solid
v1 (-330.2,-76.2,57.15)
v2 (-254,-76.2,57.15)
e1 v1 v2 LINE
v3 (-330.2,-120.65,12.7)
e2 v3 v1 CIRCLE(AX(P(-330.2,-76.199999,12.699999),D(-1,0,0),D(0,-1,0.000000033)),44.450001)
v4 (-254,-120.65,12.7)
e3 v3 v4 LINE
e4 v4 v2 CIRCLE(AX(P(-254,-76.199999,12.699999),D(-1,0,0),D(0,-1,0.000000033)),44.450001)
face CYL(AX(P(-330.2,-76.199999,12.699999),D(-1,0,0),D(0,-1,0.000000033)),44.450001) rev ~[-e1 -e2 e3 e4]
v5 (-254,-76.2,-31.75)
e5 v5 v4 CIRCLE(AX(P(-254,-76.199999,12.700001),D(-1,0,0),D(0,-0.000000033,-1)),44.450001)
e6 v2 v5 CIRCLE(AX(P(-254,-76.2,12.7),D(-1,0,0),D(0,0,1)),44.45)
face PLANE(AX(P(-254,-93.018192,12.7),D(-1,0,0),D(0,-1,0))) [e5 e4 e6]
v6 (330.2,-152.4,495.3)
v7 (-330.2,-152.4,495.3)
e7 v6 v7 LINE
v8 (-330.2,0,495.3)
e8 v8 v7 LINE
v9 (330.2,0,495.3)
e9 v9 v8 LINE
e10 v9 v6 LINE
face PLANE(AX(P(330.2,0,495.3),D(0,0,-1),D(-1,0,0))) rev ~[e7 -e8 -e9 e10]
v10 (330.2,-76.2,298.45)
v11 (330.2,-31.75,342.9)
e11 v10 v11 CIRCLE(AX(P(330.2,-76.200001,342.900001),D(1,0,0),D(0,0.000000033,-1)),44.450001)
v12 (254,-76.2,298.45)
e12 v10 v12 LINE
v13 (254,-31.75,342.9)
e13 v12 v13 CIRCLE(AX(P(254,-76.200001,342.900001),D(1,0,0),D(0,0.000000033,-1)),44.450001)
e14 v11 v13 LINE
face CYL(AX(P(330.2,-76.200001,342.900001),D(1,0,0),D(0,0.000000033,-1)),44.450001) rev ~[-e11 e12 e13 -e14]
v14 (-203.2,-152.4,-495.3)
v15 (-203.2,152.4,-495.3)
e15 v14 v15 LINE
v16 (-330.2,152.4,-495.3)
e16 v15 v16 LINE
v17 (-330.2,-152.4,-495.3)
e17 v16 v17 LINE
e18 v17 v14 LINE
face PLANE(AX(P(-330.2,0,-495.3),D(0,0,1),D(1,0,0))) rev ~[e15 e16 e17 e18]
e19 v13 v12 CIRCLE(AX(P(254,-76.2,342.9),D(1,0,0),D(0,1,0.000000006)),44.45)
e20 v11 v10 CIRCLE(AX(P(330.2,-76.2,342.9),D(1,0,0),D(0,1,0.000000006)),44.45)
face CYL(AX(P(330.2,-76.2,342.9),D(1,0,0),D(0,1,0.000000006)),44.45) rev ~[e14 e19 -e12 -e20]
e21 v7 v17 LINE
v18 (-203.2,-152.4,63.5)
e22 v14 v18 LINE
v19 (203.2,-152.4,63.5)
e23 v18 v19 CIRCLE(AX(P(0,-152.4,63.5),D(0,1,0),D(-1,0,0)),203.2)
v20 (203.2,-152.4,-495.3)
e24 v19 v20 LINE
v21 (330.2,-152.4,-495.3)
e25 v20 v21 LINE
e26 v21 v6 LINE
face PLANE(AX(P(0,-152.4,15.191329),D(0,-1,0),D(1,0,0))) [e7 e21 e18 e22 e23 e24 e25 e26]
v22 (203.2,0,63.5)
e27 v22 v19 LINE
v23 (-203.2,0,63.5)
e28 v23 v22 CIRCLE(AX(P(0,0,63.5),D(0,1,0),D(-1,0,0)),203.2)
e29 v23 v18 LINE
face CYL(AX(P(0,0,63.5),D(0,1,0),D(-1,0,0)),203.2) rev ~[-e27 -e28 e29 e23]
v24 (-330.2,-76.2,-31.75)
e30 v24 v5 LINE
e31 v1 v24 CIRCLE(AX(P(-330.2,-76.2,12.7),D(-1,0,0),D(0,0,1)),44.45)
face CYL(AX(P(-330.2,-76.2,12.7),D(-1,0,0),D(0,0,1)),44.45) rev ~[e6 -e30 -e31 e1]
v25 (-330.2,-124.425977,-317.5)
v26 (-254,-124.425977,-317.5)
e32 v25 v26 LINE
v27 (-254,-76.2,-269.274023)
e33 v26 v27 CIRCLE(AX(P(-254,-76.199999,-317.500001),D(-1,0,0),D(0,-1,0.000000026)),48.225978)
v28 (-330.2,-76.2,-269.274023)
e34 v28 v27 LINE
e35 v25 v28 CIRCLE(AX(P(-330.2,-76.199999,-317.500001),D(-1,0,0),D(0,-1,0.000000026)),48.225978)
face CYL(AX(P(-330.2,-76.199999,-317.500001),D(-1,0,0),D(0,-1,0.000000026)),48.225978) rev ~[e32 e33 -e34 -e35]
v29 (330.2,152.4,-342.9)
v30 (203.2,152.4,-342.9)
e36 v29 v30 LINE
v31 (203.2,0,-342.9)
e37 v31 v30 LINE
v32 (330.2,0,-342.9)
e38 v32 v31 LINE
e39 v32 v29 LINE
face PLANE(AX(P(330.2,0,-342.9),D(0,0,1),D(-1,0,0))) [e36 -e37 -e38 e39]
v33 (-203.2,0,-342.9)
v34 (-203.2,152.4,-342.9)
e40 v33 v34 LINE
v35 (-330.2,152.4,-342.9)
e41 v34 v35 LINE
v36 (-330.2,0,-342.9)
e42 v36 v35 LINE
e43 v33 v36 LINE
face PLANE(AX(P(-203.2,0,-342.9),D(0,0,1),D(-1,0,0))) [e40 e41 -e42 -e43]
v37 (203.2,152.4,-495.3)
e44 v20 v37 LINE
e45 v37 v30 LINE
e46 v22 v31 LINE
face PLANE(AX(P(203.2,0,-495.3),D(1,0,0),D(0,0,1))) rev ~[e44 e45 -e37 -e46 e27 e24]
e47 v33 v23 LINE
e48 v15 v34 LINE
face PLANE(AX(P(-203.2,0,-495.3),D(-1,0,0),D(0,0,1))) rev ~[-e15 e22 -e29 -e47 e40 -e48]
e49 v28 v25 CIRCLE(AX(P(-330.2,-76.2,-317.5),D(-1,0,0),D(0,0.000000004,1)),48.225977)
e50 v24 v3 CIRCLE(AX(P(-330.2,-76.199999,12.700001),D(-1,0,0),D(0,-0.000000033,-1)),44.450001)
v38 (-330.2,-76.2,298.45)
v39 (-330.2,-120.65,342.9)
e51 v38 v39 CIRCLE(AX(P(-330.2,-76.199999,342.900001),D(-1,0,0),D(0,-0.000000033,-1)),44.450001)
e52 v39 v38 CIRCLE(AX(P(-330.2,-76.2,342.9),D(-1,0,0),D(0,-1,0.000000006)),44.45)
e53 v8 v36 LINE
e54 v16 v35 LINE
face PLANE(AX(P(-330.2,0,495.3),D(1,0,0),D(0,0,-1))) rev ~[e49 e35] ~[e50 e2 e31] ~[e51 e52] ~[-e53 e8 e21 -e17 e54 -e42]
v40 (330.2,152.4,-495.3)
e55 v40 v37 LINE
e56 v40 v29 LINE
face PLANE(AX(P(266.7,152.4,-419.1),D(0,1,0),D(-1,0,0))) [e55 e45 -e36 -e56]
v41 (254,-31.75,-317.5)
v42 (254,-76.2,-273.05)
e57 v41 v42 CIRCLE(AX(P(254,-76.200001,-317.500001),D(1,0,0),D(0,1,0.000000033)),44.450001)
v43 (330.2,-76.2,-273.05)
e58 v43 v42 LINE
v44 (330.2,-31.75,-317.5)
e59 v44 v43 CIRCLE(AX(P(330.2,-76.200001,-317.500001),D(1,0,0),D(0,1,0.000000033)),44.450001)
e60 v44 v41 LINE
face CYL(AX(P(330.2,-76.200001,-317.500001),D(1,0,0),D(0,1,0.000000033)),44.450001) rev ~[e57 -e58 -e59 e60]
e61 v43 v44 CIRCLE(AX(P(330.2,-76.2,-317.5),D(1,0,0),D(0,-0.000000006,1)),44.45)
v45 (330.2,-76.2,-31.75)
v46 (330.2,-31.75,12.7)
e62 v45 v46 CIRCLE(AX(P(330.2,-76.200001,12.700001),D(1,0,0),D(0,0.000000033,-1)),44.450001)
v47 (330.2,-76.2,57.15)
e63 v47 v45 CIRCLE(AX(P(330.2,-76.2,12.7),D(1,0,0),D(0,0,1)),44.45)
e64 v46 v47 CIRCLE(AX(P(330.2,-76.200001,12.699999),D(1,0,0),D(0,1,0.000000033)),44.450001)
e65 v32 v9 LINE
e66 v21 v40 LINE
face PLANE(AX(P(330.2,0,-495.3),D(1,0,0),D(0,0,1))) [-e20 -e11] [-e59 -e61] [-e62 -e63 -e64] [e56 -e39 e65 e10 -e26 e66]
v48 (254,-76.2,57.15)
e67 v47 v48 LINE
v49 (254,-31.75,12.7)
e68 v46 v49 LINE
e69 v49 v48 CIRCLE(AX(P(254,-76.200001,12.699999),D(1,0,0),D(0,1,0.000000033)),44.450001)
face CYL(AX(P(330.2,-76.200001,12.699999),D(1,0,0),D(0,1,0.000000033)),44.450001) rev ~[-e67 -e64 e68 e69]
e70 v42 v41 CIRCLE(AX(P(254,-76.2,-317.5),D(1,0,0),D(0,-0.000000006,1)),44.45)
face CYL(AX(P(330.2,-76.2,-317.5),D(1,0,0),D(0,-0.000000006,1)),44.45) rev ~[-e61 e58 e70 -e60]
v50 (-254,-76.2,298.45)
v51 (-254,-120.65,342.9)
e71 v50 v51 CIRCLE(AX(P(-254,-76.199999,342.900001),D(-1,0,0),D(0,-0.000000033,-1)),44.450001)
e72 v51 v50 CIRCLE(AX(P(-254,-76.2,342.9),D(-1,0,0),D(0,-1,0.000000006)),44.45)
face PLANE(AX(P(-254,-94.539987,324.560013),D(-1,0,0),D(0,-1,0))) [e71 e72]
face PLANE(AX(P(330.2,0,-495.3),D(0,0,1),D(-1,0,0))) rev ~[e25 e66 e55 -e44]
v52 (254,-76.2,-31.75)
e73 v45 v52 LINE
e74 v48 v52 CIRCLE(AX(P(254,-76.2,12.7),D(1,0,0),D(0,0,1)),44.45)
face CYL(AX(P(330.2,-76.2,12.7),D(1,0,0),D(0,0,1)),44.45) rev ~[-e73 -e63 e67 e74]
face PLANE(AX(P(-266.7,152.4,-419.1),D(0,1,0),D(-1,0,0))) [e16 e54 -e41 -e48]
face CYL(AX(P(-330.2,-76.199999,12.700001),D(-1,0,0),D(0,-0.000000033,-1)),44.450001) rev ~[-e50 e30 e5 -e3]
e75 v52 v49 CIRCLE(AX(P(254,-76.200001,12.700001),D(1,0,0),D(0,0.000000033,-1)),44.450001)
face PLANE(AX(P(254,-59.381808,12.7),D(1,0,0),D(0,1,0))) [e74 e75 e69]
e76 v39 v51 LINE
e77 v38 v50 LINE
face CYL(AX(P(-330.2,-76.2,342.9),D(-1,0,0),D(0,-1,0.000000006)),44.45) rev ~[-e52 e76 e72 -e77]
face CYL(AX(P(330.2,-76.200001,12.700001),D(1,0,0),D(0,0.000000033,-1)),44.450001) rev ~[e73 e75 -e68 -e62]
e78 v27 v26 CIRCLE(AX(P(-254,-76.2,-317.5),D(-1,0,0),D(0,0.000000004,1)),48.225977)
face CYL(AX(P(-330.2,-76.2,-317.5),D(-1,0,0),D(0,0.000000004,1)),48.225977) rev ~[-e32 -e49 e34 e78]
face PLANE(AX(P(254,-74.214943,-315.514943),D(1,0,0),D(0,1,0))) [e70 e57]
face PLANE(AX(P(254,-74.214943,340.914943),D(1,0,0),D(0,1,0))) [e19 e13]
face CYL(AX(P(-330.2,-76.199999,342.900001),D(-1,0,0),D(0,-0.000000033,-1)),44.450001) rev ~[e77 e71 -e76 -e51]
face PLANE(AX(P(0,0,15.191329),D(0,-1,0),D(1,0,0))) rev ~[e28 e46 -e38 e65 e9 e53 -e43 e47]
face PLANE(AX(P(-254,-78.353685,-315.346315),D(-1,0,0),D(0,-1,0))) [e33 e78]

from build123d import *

# Parameters (mm, degrees)
F1_DEPTH = 152.4
F2_W     = 127
F2_H     = 152.4
F3_DEPTH = 152.4
F5_DEPTH = 76.2
F7_DEPTH = 76.2


with BuildPart() as f1:
    # F0 (on Front) → F1 (new body)
    with BuildSketch(Plane.XZ):
        with BuildLine():
            Line((-330.2, 495.3), (-330.2, -495.3))
            Line((-330.2, -495.3), (-203.2, -495.3))
            Line((-203.2, -495.3), (-203.2, 63.5))
            ThreePointArc((-203.2, 63.5), (0, 266.7), (203.2, 63.5))
            Line((203.2, 63.5), (203.2, -495.3))
            Line((203.2, -495.3), (330.2, -495.3))
            Line((330.2, -495.3), (330.2, 495.3))
            Line((330.2, 495.3), (-330.2, 495.3))
        make_face()
    extrude(amount=F1_DEPTH)

    # F2 (on face) → F3 (join)
    with BuildSketch(Plane(origin=(0, 0, 0), x_dir=(-1, 0, 0), z_dir=(0, 1, 0))):
        with Locations((-266.7, -419.1)):
            Rectangle(F2_W, F2_H)
        with Locations((266.7, -419.1)):
            Rectangle(F2_W, F2_H)
    extrude(amount=F3_DEPTH)

    # F4 (on face) → F5 (cut)
    with BuildSketch(Plane(origin=(-330.2, 0, 0), x_dir=(0, -1, 0), z_dir=(-1, 0, 0))):
        with BuildLine():
            ThreePointArc((76.2, 298.45), (107.630896, 311.469104), (120.65, 342.9))
            Line((120.65, 342.9), (76.2, 342.9))
            Line((76.2, 342.9), (76.2, 298.45))
        make_face()
        with BuildLine():
            Line((76.2, 342.9), (120.65, 342.9))
            ThreePointArc((120.65, 342.9), (44.769104, 374.330896), (76.2, 298.45))
            Line((76.2, 298.45), (76.2, 342.9))
        make_face()
        with BuildLine():
            ThreePointArc((124.425977, -317.5), (110.300915, -283.399085), (76.2, -269.274023))
            ThreePointArc((76.2, -269.274023), (42.099085, -351.600915), (124.425977, -317.5))
        make_face()
        with BuildLine():
            ThreePointArc((120.65, 12.7), (107.630896, 44.130896), (76.2, 57.15))
            Line((76.2, 57.15), (76.2, 12.7))
            Line((76.2, 12.7), (76.2, -31.75))
            ThreePointArc((76.2, -31.75), (107.630896, -18.730896), (120.65, 12.7))
        make_face()
        with BuildLine():
            Line((76.2, 12.7), (76.2, 57.15))
            ThreePointArc((76.2, 57.15), (31.75, 12.7), (76.2, -31.75))
            Line((76.2, -31.75), (76.2, 12.7))
        make_face()
    extrude(amount=-F5_DEPTH, mode=Mode.SUBTRACT)

    # F6 (on face) → F7 (cut)
    with BuildSketch(Plane.YZ.offset(330.2)):
        with BuildLine():
            ThreePointArc((-76.2, 298.45), (-44.769104, 311.469104), (-31.75, 342.9))
            ThreePointArc((-31.75, 342.9), (-107.630896, 374.330896), (-76.2, 298.45))
        make_face()
        with BuildLine():
            ThreePointArc((-31.75, -317.5), (-44.769104, -286.069104), (-76.2, -273.05))
            ThreePointArc((-76.2, -273.05), (-107.630896, -348.930896), (-31.75, -317.5))
        make_face()
        with BuildLine():
            ThreePointArc((-31.75, 12.7), (-44.769104, 44.130896), (-76.2, 57.15))
            Line((-76.2, 57.15), (-76.2, 12.7))
            Line((-76.2, 12.7), (-76.2, -31.75))
            ThreePointArc((-76.2, -31.75), (-44.769104, -18.730896), (-31.75, 12.7))
        make_face()
        with BuildLine():
            Line((-76.2, 12.7), (-76.2, 57.15))
            ThreePointArc((-76.2, 57.15), (-120.65, 12.7), (-76.2, -31.75))
            Line((-76.2, -31.75), (-76.2, 12.7))
        make_face()
    extrude(amount=-F7_DEPTH, mode=Mode.SUBTRACT)


solid = f1.part
